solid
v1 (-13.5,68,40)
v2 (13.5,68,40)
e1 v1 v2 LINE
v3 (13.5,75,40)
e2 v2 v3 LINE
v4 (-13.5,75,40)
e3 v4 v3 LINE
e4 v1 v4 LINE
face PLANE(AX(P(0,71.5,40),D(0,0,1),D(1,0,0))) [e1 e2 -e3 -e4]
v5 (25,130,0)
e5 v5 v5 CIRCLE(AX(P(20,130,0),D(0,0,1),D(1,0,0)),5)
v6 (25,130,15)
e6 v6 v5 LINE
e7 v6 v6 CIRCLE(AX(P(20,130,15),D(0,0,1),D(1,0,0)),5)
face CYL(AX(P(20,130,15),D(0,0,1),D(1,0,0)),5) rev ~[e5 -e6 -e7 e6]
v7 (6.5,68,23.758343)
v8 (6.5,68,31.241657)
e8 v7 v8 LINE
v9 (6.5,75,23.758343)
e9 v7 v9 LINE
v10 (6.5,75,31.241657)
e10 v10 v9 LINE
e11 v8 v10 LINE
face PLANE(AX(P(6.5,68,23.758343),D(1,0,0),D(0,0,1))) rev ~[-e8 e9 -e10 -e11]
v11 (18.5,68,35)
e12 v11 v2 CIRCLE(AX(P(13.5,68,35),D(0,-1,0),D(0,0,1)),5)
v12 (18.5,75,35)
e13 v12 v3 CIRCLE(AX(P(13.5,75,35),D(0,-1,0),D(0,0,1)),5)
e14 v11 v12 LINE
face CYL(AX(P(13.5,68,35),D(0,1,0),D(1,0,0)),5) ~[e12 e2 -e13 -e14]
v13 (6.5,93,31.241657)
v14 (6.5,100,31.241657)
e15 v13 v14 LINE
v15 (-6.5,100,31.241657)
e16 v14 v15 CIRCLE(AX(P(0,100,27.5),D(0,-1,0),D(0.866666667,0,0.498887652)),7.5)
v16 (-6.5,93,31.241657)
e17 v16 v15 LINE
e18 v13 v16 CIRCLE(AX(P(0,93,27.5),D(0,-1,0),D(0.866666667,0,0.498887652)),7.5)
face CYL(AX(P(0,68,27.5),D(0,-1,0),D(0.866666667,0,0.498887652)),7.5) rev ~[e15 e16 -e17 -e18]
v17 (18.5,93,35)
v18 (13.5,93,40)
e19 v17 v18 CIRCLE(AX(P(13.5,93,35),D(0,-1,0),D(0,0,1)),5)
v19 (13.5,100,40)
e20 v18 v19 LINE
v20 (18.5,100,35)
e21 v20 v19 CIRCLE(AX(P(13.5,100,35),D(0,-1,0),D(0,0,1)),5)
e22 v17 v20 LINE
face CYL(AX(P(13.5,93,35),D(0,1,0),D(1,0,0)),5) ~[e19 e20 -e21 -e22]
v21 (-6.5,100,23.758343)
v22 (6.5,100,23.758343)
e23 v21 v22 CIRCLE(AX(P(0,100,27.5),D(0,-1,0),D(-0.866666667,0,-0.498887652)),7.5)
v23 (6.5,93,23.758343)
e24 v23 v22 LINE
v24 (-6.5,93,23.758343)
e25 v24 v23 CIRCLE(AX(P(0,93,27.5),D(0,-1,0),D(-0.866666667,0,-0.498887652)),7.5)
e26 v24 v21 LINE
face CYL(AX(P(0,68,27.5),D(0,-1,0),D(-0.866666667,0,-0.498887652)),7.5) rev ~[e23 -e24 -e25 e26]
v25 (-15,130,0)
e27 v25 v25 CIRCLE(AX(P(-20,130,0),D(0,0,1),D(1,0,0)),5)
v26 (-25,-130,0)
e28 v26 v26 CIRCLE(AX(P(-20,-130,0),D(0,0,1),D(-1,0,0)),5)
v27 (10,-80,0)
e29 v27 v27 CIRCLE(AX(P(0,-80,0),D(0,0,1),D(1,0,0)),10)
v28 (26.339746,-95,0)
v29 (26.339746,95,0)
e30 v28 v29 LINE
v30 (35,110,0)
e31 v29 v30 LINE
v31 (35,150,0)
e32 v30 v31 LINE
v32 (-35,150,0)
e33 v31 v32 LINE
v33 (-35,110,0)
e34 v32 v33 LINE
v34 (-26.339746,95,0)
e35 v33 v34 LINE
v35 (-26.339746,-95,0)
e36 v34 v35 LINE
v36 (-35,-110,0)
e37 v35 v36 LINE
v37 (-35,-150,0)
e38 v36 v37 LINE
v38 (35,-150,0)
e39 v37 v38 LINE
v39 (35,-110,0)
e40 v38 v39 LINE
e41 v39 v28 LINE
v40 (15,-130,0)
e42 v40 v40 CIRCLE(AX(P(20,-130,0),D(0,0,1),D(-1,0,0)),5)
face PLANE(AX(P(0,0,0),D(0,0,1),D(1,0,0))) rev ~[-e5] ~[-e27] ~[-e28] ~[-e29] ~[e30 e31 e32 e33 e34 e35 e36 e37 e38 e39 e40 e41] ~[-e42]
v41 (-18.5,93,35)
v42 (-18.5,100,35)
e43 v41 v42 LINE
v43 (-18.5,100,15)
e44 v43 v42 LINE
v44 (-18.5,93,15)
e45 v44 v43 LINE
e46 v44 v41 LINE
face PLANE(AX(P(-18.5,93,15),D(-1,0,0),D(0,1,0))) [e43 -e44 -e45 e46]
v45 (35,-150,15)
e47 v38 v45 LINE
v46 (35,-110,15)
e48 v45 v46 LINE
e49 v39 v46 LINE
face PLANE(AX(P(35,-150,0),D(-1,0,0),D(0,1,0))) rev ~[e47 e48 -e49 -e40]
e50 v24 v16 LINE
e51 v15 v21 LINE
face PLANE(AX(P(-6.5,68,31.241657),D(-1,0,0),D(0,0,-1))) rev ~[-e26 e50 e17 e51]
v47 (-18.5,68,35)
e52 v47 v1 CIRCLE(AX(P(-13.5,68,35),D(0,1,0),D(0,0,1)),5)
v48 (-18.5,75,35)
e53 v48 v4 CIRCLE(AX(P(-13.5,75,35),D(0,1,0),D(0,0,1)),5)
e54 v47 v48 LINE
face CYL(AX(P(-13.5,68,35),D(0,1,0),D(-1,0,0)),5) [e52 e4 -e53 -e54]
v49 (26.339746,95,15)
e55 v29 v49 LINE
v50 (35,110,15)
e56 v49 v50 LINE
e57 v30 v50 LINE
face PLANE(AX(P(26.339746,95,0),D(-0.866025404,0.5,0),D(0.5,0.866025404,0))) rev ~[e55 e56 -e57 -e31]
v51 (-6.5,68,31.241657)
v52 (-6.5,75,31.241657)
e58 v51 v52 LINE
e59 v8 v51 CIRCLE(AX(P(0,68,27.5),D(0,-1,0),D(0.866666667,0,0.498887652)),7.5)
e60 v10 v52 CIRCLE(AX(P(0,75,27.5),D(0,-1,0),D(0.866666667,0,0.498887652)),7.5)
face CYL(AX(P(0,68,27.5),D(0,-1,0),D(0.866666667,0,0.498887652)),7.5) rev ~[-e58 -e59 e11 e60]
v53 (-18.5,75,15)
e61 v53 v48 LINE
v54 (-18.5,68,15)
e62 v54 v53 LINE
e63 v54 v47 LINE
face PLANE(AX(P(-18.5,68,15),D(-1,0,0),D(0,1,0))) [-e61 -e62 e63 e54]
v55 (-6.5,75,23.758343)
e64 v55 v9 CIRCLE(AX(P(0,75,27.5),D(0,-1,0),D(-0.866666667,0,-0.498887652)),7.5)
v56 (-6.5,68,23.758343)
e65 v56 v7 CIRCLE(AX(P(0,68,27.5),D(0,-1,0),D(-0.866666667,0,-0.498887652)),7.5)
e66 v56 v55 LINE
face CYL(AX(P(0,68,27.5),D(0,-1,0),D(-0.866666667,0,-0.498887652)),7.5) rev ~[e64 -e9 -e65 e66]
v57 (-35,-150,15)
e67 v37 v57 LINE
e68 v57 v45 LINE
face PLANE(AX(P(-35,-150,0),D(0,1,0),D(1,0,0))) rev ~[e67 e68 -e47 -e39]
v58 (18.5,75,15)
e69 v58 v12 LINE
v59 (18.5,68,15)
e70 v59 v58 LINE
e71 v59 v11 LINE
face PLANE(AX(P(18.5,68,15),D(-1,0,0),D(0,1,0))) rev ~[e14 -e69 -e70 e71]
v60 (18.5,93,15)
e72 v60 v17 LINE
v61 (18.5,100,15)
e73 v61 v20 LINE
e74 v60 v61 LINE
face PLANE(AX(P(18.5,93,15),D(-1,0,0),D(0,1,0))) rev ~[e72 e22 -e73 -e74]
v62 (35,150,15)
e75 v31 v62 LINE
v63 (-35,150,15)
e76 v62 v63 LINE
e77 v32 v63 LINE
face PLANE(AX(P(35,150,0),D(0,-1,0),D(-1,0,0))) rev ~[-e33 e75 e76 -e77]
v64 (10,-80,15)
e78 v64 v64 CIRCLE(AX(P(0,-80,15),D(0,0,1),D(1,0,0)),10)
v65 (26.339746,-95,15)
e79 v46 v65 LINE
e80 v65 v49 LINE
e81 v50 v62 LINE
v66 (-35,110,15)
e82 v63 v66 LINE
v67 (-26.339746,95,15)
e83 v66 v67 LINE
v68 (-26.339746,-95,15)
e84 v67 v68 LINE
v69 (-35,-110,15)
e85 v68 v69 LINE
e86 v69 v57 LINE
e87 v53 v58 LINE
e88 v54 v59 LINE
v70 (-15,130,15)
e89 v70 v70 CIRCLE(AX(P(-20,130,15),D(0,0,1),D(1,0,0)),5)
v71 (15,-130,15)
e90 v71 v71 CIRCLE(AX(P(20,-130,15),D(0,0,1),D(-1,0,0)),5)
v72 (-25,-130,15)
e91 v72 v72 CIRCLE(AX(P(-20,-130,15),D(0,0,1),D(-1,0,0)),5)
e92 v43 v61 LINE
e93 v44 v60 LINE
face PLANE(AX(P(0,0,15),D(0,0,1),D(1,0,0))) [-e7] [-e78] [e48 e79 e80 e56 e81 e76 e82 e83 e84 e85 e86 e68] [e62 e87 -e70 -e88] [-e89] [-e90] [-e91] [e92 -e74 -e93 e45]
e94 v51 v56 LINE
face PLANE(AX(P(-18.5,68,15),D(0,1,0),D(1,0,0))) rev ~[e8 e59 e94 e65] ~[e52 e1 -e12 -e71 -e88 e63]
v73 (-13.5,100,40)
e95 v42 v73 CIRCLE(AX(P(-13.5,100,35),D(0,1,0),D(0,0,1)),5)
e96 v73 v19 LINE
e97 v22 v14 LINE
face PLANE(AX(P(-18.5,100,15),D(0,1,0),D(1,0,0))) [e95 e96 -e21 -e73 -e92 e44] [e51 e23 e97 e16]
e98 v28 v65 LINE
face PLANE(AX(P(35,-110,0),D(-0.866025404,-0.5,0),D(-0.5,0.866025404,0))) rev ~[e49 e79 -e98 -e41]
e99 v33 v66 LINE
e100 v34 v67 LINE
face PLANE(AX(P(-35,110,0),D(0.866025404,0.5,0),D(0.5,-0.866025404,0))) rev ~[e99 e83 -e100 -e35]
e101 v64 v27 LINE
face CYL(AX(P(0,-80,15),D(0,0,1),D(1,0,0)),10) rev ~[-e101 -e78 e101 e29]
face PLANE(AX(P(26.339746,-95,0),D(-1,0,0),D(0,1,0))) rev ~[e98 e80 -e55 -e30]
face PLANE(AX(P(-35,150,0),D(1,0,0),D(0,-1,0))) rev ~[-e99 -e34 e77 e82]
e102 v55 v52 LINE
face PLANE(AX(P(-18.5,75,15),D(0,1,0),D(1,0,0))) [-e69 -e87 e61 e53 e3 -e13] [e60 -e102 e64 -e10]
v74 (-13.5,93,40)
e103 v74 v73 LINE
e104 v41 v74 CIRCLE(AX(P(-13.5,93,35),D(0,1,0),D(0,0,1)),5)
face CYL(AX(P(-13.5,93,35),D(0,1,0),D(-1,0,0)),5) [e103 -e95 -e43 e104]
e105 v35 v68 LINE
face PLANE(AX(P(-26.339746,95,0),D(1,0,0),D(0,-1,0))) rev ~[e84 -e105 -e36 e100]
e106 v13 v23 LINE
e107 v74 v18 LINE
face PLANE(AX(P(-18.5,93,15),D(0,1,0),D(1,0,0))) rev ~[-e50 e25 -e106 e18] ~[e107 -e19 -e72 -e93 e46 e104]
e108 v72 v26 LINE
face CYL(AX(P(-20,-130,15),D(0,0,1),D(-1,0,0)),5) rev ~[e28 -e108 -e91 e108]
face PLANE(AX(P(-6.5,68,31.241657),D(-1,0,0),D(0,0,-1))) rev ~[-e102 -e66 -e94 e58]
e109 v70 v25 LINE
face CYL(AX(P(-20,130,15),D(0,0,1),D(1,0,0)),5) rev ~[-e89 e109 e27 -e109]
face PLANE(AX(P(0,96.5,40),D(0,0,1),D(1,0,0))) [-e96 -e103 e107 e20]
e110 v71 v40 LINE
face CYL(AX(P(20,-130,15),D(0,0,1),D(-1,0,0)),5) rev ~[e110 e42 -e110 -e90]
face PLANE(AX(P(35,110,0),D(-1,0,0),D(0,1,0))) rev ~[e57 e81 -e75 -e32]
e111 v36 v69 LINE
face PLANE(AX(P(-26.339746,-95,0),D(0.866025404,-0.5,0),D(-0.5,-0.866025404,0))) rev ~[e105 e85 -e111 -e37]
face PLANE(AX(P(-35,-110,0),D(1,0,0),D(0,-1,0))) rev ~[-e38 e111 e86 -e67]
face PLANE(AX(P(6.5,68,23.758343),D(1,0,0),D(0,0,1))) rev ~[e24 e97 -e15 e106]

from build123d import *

# Parameters (mm, degrees)
BOSS_EXTRUDE1_DEPTH = 15
SKETCH3_R           = 5
CUT_EXTRUDE1_DEPTH  = 155.757875405
SKETCH4_R           = 10
CUT_EXTRUDE2_DEPTH  = 155.757875405
SKETCH6_W           = 37
SKETCH6_H           = 7
BOSS_EXTRUDE2_DEPTH = 25
CUT_EXTRUDE3_DEPTH  = 32
FILLET3_R           = 5


with BuildPart() as part:
    # Sketch2 → Boss-Extrude1 (new body)
    with BuildSketch(Plane.XY):
        Polygon((-35, 110), (-26.339745962, 95), (-26.339745962, -95), (-35, -110), (-35, -150), (35, -150), (35, -110), (26.339745962, -95), (26.339745962, 95), (35, 110), (35, 150), (-35, 150), align=None)
    extrude(amount=BOSS_EXTRUDE1_DEPTH)

    # Sketch3 → Cut-Extrude1 (cut, through all)
    with BuildSketch(Plane.XY.offset(15)):
        with Locations((-20, 130)):
            Circle(SKETCH3_R)
        with Locations((20, 130)):
            Circle(SKETCH3_R)
        with Locations(Location((20, -130, 0), (0, 0, 180))):
            Circle(SKETCH3_R)
        with Locations(Location((-20, -130, 0), (0, 0, 180))):
            Circle(SKETCH3_R)
    extrude(amount=-CUT_EXTRUDE1_DEPTH, mode=Mode.SUBTRACT)

    # Sketch4 → Cut-Extrude2 (cut, through all)
    with BuildSketch(Plane.XY.offset(15)):
        with Locations((0, -80)):
            Circle(SKETCH4_R)
    extrude(amount=-CUT_EXTRUDE2_DEPTH, mode=Mode.SUBTRACT)

    # Sketch6 → Boss-Extrude2 (add)
    with BuildSketch(Plane.XY.offset(15)):
        with Locations((0, 96.5)):
            Rectangle(SKETCH6_W, SKETCH6_H)
        with Locations((0, 71.5)):
            Rectangle(SKETCH6_W, SKETCH6_H)
    extrude(amount=BOSS_EXTRUDE2_DEPTH)

    # Sketch7 → Cut-Extrude3 (cut)
    with BuildSketch(Plane.XZ.offset(-68)):
        with BuildLine():
            Line((-6.5, 31.241657387), (-6.5, 23.758342613))
            ThreePointArc((-6.5, 23.758342613), (0, 20), (6.5, 23.758342613))
            Line((6.5, 23.758342613), (6.5, 31.241657387))
            ThreePointArc((6.5, 31.241657387), (0, 35), (-6.5, 31.241657387))
        make_face()
    extrude(amount=-CUT_EXTRUDE3_DEPTH, mode=Mode.SUBTRACT)

    # Fillet3
    fillet3_edges = [part.edges().sort_by_distance(p)[0] for p in [
        (18.5, 96.5, 40),
        (-18.5, 96.5, 40),
        (18.5, 71.5, 40),
        (-18.5, 71.5, 40),
    ]]
    fillet(fillet3_edges, radius=FILLET3_R)


solid = part.part
